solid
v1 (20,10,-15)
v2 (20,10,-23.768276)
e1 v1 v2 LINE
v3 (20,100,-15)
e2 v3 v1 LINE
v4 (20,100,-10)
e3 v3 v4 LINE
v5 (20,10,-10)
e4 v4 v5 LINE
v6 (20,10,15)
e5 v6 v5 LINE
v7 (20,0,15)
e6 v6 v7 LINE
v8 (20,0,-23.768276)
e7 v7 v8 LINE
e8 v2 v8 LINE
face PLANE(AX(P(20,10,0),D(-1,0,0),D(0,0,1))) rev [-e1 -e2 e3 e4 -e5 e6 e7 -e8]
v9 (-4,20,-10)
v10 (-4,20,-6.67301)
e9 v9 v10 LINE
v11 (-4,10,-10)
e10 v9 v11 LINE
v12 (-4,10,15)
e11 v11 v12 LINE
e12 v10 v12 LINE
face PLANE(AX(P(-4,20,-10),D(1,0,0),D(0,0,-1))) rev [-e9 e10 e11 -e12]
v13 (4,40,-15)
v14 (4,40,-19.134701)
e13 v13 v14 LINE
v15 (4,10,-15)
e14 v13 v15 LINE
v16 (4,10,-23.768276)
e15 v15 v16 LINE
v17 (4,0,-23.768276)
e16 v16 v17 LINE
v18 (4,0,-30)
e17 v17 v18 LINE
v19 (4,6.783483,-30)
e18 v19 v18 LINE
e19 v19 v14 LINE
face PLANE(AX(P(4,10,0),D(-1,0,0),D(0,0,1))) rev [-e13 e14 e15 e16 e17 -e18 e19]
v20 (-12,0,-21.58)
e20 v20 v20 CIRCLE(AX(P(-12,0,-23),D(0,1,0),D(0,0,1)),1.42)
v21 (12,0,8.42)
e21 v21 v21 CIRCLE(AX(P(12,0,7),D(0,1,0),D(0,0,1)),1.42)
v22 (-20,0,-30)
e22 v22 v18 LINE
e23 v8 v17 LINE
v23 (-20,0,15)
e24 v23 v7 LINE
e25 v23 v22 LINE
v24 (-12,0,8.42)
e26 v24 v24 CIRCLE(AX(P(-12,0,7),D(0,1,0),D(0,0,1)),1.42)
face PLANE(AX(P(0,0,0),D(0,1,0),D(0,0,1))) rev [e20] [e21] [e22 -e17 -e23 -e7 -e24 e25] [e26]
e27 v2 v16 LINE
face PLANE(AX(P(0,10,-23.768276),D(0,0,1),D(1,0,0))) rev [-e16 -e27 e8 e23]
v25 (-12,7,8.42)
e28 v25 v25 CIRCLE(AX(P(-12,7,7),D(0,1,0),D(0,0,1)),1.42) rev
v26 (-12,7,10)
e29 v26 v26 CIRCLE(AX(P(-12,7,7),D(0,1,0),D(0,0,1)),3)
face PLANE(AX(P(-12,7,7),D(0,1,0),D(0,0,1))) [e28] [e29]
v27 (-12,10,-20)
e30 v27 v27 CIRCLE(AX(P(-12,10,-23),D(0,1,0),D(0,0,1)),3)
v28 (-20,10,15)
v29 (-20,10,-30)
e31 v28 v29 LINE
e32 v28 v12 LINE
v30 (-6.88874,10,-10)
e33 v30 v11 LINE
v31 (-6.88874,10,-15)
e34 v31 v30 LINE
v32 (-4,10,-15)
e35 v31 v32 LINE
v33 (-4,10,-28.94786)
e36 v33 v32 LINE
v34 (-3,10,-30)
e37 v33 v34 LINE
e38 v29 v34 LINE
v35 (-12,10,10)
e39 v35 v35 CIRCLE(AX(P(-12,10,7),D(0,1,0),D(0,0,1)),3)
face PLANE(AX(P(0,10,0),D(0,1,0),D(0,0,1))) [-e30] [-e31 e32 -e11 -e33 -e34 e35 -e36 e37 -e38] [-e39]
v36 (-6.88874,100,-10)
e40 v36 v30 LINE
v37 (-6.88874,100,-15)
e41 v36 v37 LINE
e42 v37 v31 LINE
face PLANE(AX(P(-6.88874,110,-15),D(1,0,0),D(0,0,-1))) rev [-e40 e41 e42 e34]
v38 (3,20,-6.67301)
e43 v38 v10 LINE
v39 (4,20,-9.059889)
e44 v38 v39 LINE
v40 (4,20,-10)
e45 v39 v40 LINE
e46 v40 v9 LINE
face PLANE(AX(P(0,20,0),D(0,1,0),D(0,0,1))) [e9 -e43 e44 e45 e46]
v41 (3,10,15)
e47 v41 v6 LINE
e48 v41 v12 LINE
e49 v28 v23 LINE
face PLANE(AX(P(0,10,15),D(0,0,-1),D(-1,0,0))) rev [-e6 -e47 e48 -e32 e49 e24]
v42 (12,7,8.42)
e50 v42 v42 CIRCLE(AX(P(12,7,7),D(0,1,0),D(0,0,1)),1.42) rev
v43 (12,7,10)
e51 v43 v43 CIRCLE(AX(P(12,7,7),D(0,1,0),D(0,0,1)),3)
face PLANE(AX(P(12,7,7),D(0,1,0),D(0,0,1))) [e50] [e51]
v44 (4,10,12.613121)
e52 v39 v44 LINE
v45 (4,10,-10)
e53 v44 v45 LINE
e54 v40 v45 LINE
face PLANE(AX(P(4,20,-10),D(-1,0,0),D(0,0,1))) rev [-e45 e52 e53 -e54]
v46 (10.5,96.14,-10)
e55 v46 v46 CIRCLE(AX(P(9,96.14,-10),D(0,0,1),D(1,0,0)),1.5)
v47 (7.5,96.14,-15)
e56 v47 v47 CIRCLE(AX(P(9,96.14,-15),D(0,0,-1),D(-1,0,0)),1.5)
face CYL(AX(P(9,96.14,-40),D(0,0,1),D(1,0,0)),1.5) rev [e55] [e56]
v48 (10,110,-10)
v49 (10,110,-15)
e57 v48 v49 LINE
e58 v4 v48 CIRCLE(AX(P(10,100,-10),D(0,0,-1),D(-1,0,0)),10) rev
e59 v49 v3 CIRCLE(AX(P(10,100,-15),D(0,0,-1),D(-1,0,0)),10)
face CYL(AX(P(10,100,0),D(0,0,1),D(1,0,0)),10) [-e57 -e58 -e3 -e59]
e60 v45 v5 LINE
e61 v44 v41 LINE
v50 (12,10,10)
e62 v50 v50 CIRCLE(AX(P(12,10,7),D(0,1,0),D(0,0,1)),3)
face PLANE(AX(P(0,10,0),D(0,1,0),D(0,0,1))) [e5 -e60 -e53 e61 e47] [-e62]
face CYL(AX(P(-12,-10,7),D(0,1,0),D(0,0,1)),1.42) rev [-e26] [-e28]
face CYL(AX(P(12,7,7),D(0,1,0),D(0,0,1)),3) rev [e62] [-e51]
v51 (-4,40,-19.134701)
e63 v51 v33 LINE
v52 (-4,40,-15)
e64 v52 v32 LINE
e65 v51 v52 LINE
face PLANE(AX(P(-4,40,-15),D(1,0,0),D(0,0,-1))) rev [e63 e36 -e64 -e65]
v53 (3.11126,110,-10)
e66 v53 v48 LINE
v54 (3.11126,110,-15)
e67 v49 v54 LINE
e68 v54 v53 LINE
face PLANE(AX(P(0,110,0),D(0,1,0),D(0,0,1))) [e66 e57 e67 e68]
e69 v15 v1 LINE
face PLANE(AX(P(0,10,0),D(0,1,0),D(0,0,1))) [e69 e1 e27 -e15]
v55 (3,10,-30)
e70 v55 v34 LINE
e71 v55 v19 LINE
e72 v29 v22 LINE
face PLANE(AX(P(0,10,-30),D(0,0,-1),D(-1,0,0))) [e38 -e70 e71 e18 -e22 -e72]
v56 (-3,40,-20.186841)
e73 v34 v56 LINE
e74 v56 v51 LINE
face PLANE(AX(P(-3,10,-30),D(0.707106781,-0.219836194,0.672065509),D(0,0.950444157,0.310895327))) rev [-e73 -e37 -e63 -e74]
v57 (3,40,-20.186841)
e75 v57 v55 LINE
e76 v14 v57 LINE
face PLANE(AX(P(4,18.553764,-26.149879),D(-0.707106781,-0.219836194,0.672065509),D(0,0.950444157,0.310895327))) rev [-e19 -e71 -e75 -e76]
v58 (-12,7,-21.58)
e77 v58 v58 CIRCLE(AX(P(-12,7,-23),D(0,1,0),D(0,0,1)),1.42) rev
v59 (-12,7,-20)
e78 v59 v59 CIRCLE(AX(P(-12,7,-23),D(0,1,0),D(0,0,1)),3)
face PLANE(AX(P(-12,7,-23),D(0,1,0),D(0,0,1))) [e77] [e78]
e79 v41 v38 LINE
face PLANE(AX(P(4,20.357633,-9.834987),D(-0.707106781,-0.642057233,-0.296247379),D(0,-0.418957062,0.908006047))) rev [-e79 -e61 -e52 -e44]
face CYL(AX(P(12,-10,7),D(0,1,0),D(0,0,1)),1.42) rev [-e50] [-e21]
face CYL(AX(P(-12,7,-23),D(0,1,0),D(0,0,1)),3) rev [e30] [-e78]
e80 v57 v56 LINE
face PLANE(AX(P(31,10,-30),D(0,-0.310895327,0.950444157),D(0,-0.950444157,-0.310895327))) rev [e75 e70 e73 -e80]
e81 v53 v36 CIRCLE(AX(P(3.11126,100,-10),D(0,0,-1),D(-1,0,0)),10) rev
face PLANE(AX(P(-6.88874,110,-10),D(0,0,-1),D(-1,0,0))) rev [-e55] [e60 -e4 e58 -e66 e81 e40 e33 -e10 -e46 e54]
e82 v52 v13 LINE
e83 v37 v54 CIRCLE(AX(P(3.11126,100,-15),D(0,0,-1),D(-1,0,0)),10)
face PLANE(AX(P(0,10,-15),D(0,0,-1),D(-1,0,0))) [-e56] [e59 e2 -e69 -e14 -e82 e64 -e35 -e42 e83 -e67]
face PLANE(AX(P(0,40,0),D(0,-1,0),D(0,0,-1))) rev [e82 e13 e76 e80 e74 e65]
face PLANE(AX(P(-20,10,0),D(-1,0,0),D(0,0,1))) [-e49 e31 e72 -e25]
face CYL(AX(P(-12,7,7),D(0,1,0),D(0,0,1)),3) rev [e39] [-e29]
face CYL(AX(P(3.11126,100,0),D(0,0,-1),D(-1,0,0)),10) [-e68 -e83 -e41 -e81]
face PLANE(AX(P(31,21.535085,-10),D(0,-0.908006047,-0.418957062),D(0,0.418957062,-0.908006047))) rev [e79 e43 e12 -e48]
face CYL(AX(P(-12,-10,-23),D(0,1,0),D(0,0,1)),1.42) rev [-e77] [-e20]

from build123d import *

# Parameters (mm, degrees)
SKETCH1_W           = 40
SKETCH1_H           = 24.2
SKETCH1_H_2         = 5.8
BOSS_EXTRUDE1_DEPTH = 10
SKETCH2_W           = 26.88873999
SKETCH2_H           = 5
BOSS_EXTRUDE2_DEPTH = 100
SKETCH3_R           = 1.5
CUT_EXTRUDE1_DEPTH  = 30
SKETCH6_W           = 8
SKETCH6_H           = 25
BOSS_EXTRUDE3_DEPTH = 10
CUT_EXTRUDE4_DEPTH  = 35
BOSS_EXTRUDE4_DEPTH = 10
SKETCH9_W           = 8
SKETCH9_H           = 15
BOSS_EXTRUDE5_DEPTH = 30
CUT_EXTRUDE5_DEPTH  = 35
SKETCH11_R          = 1.42
CUT_EXTRUDE6_DEPTH  = 20
SKETCH12_R          = 3
CUT_EXTRUDE7_DEPTH  = 3
FILLET1_R           = 10
CHAMFER1_SIZE       = 1
CHAMFER2_SIZE       = 1


with BuildPart() as part:
    # Sketch1 → Boss-Extrude1 (new body)
    with BuildSketch(Plane(origin=(0, 0, 0), x_dir=(1, 0, 0), z_dir=(0, 1, 0))):
        with Locations((0, -2.9)):
            Rectangle(SKETCH1_W, SKETCH1_H)
        with Locations((0, 12.1)):
            Rectangle(SKETCH1_W, SKETCH1_H_2)
    extrude(amount=BOSS_EXTRUDE1_DEPTH)

    # Sketch2 → Boss-Extrude2 (add)
    with BuildSketch(Plane(origin=(0, 10, 0), x_dir=(1, 0, 0), z_dir=(0, 1, 0))):
        with Locations((6.555630005, 12.5)):
            Rectangle(SKETCH2_W, SKETCH2_H)
    extrude(amount=BOSS_EXTRUDE2_DEPTH)

    # Sketch3 → Cut-Extrude1 (cut)
    with BuildSketch(Plane.XY.offset(-10)):
        with Locations((9, 96.14)):
            Circle(SKETCH3_R)
    extrude(amount=-CUT_EXTRUDE1_DEPTH, mode=Mode.SUBTRACT)

    # Sketch6 → Boss-Extrude3 (add)
    with BuildSketch(Plane(origin=(0, 10, 0), x_dir=(1, 0, 0), z_dir=(0, 1, 0))):
        with Locations((0, -2.5)):
            Rectangle(SKETCH6_W, SKETCH6_H)
    extrude(amount=BOSS_EXTRUDE3_DEPTH)

    # Sketch7 → Cut-Extrude4 (cut)
    with BuildSketch(Plane.ZY.offset(4)):
        Polygon((-10, 21.535084573), (15, 10), (15, 21.535084573), align=None)
    extrude(amount=-CUT_EXTRUDE4_DEPTH, mode=Mode.SUBTRACT)

    # Sketch8 → Boss-Extrude4 (add)
    with BuildSketch(Plane(origin=(0, 0, 0), x_dir=(1, 0, 0), z_dir=(0, 1, 0))):
        Polygon((-20, 30), (-20, 15), (20, 15), (20, 23.768276438), (4, 23.768276438), (4, 30), align=None)
    extrude(amount=BOSS_EXTRUDE4_DEPTH)

    # Sketch9 → Boss-Extrude5 (add)
    with BuildSketch(Plane(origin=(0, 10, 0), x_dir=(1, 0, 0), z_dir=(0, 1, 0))):
        with Locations((0, 22.5)):
            Rectangle(SKETCH9_W, SKETCH9_H)
    extrude(amount=BOSS_EXTRUDE5_DEPTH)

    # Sketch10 → Cut-Extrude5 (cut)
    with BuildSketch(Plane.ZY.offset(4)):
        Polygon((-30, 10), (-20.186840819, 40), (-30, 40), align=None)
    extrude(amount=-CUT_EXTRUDE5_DEPTH, mode=Mode.SUBTRACT)

    # Sketch11 → Cut-Extrude6 (cut)
    with BuildSketch(Plane(origin=(0, 10, 0), x_dir=(1, 0, 0), z_dir=(0, 1, 0))):
        with Locations(Location((-12, -7, 0), (0, 0, 270))):
            Circle(SKETCH11_R)
        with Locations(Location((12, -7, 0), (0, 0, 270))):
            Circle(SKETCH11_R)
        with Locations(Location((-12, 23, 0), (0, 0, 270))):
            Circle(SKETCH11_R)
    extrude(amount=-CUT_EXTRUDE6_DEPTH, mode=Mode.SUBTRACT)

    # Sketch12 → Cut-Extrude7 (cut)
    with BuildSketch(Plane(origin=(0, 10, 0), x_dir=(1, 0, 0), z_dir=(0, 1, 0))):
        with Locations(Location((-12, -7, 0), (0, 0, 270))):
            Circle(SKETCH12_R)
        with Locations(Location((12, -7, 0), (0, 0, 270))):
            Circle(SKETCH12_R)
        with Locations(Location((-12, 23, 0), (0, 0, 270))):
            Circle(SKETCH12_R)
    extrude(amount=-CUT_EXTRUDE7_DEPTH, mode=Mode.SUBTRACT)

    # Fillet1
    fillet1_edges = [part.edges().sort_by_distance(p)[0] for p in [
        (-6.88873999, 110, -12.5),
        (20, 110, -12.5),
    ]]
    fillet(fillet1_edges, radius=FILLET1_R)

    # Chamfer1
    chamfer1_edges = [part.edges().sort_by_distance(p)[0] for p in [
        (4, 25, -25.093420409),
        (-4, 25, -25.093420409),
    ]]
    chamfer(chamfer1_edges, length=CHAMFER1_SIZE)

    # Chamfer2
    chamfer2_edges = [part.edges().sort_by_distance(p)[0] for p in [
        (4, 15, 4.163495143),
    ]]
    chamfer(chamfer2_edges, length=CHAMFER2_SIZE)


solid = part.part
